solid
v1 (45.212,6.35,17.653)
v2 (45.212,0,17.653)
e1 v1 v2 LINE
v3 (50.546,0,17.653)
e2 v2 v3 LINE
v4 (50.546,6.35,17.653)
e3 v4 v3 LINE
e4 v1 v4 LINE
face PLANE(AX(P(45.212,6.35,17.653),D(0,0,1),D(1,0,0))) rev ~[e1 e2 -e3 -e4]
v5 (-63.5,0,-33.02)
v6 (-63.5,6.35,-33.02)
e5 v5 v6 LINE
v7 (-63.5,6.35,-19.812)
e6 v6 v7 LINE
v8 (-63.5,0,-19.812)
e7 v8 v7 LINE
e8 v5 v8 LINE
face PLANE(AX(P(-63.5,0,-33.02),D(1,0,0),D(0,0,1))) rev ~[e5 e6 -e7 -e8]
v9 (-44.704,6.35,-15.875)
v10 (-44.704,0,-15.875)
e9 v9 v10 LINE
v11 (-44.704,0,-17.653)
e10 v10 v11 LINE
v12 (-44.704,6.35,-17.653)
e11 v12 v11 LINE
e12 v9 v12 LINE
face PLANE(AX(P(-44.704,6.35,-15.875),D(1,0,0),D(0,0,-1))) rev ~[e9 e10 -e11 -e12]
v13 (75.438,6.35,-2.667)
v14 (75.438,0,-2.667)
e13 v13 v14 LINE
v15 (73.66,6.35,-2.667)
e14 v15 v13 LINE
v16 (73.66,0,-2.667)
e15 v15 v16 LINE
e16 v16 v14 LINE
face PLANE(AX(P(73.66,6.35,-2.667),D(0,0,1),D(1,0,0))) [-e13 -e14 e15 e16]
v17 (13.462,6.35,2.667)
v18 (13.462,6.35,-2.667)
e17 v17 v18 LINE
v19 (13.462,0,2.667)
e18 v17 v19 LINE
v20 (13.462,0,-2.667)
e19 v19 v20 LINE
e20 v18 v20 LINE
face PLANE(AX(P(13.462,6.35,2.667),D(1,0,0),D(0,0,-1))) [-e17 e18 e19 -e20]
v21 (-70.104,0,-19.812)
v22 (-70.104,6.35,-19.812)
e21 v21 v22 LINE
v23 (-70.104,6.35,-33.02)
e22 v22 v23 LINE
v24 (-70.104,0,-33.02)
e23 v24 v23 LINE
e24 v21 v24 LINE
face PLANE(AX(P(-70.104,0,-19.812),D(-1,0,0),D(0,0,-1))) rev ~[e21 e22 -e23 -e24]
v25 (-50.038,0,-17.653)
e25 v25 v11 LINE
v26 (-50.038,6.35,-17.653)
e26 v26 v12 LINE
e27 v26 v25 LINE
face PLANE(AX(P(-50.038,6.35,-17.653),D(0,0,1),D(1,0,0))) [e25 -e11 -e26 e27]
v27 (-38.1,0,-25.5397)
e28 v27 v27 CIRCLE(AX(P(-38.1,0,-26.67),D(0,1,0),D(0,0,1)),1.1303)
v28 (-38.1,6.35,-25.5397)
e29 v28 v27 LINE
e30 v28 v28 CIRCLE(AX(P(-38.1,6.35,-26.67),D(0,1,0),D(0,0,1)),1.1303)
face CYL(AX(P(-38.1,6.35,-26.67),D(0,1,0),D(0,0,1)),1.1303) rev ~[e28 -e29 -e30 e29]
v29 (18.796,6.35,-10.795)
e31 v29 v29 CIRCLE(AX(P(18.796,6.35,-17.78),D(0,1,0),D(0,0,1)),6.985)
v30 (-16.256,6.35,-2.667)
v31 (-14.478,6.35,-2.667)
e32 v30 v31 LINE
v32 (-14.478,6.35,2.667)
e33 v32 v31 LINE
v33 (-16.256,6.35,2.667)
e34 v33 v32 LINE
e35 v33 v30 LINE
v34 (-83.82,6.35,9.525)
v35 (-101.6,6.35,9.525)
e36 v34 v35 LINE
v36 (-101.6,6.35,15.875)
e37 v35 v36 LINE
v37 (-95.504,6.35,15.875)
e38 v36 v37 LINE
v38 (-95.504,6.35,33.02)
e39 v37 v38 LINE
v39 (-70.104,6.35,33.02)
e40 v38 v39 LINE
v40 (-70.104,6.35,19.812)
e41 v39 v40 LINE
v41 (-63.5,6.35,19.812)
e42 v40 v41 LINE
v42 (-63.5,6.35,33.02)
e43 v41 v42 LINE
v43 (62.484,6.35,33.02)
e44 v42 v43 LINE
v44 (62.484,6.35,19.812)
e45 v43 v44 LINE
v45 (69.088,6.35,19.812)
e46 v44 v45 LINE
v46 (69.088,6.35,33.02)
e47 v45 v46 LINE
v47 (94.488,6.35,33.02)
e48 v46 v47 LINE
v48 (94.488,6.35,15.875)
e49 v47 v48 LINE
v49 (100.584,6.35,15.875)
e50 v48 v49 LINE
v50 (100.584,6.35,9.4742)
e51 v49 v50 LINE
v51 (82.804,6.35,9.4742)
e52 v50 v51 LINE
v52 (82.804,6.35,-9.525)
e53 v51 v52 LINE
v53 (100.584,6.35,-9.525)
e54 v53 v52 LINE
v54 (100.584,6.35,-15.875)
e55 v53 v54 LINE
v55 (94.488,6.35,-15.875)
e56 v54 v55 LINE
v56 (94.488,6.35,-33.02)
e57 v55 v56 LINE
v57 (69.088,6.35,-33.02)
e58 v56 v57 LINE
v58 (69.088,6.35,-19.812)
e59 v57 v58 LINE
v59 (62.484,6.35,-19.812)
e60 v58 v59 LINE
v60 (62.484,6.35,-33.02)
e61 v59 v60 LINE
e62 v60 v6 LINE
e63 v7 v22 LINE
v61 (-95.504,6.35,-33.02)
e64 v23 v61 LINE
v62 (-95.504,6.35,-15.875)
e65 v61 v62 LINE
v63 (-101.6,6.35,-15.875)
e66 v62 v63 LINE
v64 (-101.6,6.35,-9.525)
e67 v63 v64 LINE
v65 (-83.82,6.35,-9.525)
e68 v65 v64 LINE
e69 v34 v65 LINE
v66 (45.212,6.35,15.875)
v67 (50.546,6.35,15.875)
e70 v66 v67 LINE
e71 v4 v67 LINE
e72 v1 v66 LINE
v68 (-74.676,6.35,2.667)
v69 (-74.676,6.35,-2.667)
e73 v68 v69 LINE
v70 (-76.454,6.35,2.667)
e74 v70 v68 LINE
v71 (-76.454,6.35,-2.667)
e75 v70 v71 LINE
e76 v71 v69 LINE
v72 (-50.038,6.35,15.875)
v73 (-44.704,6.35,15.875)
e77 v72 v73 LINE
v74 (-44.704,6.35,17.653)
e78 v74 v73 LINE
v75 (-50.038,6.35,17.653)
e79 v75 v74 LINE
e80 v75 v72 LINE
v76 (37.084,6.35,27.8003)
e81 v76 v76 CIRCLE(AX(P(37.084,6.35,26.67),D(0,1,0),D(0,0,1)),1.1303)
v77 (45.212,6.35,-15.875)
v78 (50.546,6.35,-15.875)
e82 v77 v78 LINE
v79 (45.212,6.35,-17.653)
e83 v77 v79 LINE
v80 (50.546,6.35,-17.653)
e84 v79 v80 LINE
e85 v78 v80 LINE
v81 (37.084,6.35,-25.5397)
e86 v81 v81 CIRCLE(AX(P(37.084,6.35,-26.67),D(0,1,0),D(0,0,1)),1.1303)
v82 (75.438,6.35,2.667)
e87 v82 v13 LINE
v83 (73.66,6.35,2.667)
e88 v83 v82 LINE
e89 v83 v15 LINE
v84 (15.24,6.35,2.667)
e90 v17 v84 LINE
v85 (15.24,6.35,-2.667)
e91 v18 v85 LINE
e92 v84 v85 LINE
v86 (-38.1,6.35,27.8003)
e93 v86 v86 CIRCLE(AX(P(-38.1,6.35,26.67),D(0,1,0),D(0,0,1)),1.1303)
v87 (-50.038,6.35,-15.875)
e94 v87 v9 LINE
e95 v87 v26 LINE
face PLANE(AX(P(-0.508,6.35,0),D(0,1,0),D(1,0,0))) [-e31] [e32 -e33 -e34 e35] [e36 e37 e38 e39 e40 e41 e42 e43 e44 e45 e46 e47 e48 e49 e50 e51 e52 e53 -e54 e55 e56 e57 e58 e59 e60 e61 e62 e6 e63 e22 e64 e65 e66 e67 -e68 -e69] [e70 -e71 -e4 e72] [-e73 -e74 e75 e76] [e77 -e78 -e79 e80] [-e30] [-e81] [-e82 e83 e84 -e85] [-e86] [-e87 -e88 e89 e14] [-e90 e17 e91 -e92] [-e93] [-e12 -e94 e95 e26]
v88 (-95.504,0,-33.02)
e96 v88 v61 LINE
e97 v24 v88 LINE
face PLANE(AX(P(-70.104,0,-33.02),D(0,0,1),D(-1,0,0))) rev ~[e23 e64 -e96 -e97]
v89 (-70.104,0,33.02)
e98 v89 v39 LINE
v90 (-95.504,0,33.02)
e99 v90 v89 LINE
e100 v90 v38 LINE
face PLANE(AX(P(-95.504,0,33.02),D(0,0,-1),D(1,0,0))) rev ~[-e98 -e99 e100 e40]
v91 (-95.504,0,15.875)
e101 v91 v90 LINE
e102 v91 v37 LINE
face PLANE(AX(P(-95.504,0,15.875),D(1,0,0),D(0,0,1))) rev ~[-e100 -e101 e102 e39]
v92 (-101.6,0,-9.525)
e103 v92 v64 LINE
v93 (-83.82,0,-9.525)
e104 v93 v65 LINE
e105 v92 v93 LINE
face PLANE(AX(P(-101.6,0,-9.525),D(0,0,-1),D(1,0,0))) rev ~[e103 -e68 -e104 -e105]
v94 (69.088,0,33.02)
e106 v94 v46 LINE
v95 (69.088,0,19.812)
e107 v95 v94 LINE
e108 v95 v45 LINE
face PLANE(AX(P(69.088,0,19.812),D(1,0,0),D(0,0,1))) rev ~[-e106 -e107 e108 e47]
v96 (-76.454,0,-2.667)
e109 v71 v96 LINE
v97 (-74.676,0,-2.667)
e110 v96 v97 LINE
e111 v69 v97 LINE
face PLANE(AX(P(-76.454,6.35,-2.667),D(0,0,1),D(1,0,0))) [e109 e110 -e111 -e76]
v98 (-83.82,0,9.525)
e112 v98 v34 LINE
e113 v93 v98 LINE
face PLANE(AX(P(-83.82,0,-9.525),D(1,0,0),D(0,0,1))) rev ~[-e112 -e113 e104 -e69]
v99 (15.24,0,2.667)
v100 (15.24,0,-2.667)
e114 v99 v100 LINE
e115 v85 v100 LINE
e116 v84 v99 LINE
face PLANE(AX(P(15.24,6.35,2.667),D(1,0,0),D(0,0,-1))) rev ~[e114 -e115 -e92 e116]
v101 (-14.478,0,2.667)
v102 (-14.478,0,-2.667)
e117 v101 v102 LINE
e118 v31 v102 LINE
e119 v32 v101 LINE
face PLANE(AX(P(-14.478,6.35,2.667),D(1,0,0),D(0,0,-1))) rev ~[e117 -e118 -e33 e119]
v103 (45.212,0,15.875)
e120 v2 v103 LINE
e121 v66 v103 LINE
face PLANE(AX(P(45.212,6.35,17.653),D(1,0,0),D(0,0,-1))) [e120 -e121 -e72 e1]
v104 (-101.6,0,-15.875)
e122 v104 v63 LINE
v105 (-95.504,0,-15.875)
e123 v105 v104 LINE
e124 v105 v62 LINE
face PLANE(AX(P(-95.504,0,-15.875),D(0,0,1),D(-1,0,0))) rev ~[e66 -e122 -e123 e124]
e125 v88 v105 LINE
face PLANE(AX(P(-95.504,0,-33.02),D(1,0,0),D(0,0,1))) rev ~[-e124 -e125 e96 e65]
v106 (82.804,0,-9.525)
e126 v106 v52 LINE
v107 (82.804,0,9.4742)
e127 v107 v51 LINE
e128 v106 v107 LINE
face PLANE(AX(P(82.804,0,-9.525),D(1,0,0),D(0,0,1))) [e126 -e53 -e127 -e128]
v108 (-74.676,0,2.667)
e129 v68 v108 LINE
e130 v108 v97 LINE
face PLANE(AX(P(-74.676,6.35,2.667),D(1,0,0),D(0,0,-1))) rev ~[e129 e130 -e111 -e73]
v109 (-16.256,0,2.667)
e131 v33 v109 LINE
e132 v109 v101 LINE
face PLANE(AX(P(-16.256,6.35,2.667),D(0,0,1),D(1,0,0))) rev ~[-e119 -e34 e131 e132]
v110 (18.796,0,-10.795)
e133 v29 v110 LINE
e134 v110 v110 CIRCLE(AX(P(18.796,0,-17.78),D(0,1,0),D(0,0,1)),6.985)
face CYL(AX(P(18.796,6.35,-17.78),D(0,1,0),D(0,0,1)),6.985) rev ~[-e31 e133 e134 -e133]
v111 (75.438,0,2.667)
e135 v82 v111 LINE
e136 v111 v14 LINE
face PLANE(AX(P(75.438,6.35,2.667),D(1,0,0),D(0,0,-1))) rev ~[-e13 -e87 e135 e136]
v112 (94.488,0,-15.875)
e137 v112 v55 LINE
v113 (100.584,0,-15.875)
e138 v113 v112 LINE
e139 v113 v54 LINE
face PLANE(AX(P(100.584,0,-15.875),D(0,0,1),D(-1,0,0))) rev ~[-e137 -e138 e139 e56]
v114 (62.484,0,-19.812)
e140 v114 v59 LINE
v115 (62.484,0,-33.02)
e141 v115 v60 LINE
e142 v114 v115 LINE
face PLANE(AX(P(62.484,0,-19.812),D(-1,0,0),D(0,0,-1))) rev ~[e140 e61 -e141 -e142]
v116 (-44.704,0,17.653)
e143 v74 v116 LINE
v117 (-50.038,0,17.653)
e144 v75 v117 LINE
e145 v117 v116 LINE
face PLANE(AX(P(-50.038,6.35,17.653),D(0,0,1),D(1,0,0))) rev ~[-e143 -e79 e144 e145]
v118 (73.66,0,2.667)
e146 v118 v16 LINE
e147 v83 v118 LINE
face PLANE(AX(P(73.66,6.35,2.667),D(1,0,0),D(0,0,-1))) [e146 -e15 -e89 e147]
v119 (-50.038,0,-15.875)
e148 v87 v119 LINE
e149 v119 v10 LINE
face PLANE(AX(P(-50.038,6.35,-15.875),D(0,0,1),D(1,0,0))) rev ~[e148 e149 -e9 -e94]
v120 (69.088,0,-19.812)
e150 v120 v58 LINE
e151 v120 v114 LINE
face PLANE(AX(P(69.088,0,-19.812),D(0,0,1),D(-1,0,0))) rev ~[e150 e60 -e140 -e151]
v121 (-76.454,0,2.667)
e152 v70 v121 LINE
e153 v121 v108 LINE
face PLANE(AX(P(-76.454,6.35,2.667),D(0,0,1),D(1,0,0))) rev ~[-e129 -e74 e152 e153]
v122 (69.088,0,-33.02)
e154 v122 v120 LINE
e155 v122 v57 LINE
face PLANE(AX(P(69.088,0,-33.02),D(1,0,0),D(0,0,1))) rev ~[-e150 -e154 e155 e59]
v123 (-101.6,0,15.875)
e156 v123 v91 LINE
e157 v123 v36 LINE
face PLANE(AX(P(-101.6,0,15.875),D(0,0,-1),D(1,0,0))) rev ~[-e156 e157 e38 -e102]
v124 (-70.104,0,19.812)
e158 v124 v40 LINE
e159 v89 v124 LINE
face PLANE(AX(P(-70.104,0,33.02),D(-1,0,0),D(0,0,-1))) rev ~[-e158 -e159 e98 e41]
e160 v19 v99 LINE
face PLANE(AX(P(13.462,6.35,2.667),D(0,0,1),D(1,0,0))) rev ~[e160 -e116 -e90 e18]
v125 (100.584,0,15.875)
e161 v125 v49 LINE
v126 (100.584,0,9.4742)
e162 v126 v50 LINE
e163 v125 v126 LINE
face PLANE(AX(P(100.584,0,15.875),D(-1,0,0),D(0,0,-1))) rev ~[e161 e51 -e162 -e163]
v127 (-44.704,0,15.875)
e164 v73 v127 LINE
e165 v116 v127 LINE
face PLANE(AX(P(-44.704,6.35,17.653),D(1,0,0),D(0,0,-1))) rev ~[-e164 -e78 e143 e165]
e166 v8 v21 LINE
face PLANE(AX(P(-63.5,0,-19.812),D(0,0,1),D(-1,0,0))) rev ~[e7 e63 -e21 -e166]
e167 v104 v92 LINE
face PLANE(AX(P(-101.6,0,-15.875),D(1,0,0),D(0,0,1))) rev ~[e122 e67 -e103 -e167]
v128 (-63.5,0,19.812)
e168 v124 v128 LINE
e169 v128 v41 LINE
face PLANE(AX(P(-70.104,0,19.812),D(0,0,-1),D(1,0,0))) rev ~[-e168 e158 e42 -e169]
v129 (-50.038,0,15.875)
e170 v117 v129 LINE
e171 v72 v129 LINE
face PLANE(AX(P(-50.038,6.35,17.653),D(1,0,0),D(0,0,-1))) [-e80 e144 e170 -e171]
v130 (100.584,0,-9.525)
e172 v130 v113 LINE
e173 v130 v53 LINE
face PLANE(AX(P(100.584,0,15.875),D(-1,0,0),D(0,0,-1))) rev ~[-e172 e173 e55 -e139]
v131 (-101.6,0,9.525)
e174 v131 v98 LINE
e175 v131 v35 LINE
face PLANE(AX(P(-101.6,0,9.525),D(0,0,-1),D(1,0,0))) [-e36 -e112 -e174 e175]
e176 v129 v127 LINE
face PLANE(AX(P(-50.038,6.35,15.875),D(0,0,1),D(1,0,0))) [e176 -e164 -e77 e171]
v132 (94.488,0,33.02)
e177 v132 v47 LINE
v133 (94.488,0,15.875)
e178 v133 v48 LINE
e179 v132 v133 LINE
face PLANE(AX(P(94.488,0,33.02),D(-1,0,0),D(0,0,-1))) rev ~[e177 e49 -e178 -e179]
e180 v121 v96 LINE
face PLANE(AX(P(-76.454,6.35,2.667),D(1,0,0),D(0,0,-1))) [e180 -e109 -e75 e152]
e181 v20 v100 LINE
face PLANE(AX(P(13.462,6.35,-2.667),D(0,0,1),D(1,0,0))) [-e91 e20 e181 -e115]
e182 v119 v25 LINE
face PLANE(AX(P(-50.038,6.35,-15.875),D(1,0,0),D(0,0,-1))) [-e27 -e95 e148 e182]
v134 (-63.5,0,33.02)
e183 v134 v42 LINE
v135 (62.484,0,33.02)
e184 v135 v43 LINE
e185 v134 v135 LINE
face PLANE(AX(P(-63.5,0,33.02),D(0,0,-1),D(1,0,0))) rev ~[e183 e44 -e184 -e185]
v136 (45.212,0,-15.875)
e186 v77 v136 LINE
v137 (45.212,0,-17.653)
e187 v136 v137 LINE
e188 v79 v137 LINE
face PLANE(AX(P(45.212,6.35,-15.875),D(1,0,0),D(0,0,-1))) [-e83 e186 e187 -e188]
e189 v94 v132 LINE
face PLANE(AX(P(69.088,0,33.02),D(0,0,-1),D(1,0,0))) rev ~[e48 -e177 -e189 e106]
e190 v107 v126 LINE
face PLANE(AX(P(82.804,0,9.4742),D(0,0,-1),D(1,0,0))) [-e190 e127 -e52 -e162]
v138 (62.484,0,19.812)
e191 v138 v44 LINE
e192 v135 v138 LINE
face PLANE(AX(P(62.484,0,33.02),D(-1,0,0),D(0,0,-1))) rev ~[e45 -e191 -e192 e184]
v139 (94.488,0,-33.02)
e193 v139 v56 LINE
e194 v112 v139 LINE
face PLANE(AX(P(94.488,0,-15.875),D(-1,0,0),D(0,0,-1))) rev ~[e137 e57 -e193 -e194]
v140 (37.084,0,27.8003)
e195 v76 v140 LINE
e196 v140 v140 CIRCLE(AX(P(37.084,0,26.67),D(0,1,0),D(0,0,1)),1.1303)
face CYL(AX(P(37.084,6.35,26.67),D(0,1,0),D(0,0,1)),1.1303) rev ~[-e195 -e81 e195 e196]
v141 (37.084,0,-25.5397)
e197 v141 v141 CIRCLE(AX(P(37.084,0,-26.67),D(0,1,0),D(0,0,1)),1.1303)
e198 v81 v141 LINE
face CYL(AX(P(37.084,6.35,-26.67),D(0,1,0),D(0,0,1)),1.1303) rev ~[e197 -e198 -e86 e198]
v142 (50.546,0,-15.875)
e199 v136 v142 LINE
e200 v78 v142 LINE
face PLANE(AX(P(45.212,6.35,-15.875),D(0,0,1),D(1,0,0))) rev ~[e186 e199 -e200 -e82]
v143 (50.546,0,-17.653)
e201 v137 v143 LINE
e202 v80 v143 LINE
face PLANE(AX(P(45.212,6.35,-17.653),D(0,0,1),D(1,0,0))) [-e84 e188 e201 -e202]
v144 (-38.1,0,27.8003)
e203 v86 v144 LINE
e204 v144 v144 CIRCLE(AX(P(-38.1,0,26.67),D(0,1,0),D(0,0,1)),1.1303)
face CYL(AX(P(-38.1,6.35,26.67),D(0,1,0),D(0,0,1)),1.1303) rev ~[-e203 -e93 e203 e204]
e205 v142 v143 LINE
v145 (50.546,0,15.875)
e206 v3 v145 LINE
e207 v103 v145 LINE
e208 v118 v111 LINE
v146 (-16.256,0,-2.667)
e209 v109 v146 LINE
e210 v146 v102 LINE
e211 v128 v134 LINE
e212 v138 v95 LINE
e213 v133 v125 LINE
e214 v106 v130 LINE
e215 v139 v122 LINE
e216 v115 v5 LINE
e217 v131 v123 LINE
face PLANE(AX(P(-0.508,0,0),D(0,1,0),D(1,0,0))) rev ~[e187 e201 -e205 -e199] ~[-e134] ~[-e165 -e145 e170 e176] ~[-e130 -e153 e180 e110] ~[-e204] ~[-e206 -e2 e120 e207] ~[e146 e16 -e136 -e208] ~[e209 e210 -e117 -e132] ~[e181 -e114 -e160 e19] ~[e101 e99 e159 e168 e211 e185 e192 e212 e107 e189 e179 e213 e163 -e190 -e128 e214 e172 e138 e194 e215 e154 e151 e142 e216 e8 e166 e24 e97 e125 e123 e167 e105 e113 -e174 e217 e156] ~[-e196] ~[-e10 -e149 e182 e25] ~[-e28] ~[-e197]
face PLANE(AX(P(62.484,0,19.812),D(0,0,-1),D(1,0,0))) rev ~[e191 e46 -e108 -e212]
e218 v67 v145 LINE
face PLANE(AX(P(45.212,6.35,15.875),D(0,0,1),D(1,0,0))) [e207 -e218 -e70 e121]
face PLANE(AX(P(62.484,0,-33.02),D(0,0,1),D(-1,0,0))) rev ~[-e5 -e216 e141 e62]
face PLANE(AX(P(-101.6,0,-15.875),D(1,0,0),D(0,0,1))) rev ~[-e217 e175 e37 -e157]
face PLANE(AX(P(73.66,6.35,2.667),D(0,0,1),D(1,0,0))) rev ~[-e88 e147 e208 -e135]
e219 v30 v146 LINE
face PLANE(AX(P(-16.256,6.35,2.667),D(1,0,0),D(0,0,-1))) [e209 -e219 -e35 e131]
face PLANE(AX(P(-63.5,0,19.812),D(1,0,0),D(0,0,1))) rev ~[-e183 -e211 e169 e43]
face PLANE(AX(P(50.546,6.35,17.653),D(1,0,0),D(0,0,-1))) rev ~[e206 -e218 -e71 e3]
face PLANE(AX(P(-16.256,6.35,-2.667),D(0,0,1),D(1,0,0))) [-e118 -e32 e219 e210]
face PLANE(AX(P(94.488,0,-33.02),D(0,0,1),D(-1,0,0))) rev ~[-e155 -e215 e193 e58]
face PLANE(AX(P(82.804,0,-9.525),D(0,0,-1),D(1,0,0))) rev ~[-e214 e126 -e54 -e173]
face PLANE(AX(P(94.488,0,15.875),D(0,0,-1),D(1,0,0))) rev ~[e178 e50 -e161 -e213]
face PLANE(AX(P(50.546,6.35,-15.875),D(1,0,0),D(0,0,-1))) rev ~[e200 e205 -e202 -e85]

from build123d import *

# Parameters (mm, degrees)
BOSS_EXTRUDE1_DEPTH = 6.35
SKETCH2_R           = 6.985
SKETCH2_W           = 5.334
SKETCH2_H           = 1.778
CUT_EXTRUDE1_DEPTH  = 10.16
SKETCH3_W           = 1.778
SKETCH3_H           = 5.334
CUT_EXTRUDE2_DEPTH  = 10.16
SKETCH4_R           = 1.1303
CUT_EXTRUDE3_DEPTH  = 10.16
SKETCH5_W           = 17.78
SKETCH5_H           = 19.05
SKETCH5_H_2         = 18.9992
CUT_EXTRUDE4_DEPTH  = 10.16


with BuildPart() as part:
    # Sketch1 → Boss-Extrude1 (new body)
    with BuildSketch(Plane(origin=(0, 0, 0), x_dir=(1, 0, 0), z_dir=(0, 1, 0))):
        Polygon((-95.504, 15.875), (-101.6, 15.875), (-101.6, -15.875), (-95.504, -15.875), (-95.504, -33.02), (-70.104, -33.02), (-70.104, -19.812), (-63.5, -19.812), (-63.5, -33.02), (2.794, -33.02), (9.398, -33.02), (62.484, -33.02), (62.484, -19.812), (69.088, -19.812), (69.088, -33.02), (94.488, -33.02), (94.488, -15.875), (100.584, -15.875), (100.584, 15.875), (94.488, 15.875), (94.488, 33.02), (69.088, 33.02), (69.088, 19.812), (62.484, 19.812), (62.484, 33.02), (9.398, 33.02), (2.794, 33.02), (-63.5, 33.02), (-63.5, 19.812), (-70.104, 19.812), (-70.104, 33.02), (-95.504, 33.02), align=None)
    extrude(amount=BOSS_EXTRUDE1_DEPTH)

    # Sketch2 → Cut-Extrude1 (cut)
    with BuildSketch(Plane(origin=(0, 6.35, 0), x_dir=(1, 0, 0), z_dir=(0, 1, 0))):
        with Locations(Location((18.796, 17.78, 0), (0, 0, 270))):
            Circle(SKETCH2_R)
        with Locations((-47.371, 16.764)):
            Rectangle(SKETCH2_W, SKETCH2_H)
        with Locations((-47.371, -16.764)):
            Rectangle(SKETCH2_W, SKETCH2_H)
        with Locations((47.879, 16.764)):
            Rectangle(SKETCH2_W, SKETCH2_H)
        with Locations((47.879, -16.764)):
            Rectangle(SKETCH2_W, SKETCH2_H)
    extrude(amount=-CUT_EXTRUDE1_DEPTH, mode=Mode.SUBTRACT)

    # Sketch3 → Cut-Extrude2 (cut)
    with BuildSketch(Plane(origin=(0, 6.35, 0), x_dir=(1, 0, 0), z_dir=(0, 1, 0))):
        with Locations((-75.565, 0)):
            Rectangle(SKETCH3_W, SKETCH3_H)
        with Locations((-15.367, 0)):
            Rectangle(SKETCH3_W, SKETCH3_H)
        with Locations((14.351, 0)):
            Rectangle(SKETCH3_W, SKETCH3_H)
        with Locations((74.549, 0)):
            Rectangle(SKETCH3_W, SKETCH3_H)
    extrude(amount=-CUT_EXTRUDE2_DEPTH, mode=Mode.SUBTRACT)

    # Sketch4 → Cut-Extrude3 (cut)
    with BuildSketch(Plane(origin=(0, 6.35, 0), x_dir=(1, 0, 0), z_dir=(0, 1, 0))):
        with Locations(Location((-38.1, 26.67, 0), (0, 0, 270))):
            Circle(SKETCH4_R)
        with Locations(Location((37.084, 26.67, 0), (0, 0, 270))):
            Circle(SKETCH4_R)
        with Locations(Location((-38.1, -26.67, 0), (0, 0, 270))):
            Circle(SKETCH4_R)
        with Locations(Location((37.084, -26.67, 0), (0, 0, 270))):
            Circle(SKETCH4_R)
    extrude(amount=-CUT_EXTRUDE3_DEPTH, mode=Mode.SUBTRACT)

    # Sketch5 → Cut-Extrude4 (cut)
    with BuildSketch(Plane.XZ):
        with Locations((-92.71, 0)):
            Rectangle(SKETCH5_W, SKETCH5_H)
        with Locations((91.694, -0.0254)):
            Rectangle(SKETCH5_W, SKETCH5_H_2)
    extrude(amount=-CUT_EXTRUDE4_DEPTH, mode=Mode.SUBTRACT)


solid = part.part
